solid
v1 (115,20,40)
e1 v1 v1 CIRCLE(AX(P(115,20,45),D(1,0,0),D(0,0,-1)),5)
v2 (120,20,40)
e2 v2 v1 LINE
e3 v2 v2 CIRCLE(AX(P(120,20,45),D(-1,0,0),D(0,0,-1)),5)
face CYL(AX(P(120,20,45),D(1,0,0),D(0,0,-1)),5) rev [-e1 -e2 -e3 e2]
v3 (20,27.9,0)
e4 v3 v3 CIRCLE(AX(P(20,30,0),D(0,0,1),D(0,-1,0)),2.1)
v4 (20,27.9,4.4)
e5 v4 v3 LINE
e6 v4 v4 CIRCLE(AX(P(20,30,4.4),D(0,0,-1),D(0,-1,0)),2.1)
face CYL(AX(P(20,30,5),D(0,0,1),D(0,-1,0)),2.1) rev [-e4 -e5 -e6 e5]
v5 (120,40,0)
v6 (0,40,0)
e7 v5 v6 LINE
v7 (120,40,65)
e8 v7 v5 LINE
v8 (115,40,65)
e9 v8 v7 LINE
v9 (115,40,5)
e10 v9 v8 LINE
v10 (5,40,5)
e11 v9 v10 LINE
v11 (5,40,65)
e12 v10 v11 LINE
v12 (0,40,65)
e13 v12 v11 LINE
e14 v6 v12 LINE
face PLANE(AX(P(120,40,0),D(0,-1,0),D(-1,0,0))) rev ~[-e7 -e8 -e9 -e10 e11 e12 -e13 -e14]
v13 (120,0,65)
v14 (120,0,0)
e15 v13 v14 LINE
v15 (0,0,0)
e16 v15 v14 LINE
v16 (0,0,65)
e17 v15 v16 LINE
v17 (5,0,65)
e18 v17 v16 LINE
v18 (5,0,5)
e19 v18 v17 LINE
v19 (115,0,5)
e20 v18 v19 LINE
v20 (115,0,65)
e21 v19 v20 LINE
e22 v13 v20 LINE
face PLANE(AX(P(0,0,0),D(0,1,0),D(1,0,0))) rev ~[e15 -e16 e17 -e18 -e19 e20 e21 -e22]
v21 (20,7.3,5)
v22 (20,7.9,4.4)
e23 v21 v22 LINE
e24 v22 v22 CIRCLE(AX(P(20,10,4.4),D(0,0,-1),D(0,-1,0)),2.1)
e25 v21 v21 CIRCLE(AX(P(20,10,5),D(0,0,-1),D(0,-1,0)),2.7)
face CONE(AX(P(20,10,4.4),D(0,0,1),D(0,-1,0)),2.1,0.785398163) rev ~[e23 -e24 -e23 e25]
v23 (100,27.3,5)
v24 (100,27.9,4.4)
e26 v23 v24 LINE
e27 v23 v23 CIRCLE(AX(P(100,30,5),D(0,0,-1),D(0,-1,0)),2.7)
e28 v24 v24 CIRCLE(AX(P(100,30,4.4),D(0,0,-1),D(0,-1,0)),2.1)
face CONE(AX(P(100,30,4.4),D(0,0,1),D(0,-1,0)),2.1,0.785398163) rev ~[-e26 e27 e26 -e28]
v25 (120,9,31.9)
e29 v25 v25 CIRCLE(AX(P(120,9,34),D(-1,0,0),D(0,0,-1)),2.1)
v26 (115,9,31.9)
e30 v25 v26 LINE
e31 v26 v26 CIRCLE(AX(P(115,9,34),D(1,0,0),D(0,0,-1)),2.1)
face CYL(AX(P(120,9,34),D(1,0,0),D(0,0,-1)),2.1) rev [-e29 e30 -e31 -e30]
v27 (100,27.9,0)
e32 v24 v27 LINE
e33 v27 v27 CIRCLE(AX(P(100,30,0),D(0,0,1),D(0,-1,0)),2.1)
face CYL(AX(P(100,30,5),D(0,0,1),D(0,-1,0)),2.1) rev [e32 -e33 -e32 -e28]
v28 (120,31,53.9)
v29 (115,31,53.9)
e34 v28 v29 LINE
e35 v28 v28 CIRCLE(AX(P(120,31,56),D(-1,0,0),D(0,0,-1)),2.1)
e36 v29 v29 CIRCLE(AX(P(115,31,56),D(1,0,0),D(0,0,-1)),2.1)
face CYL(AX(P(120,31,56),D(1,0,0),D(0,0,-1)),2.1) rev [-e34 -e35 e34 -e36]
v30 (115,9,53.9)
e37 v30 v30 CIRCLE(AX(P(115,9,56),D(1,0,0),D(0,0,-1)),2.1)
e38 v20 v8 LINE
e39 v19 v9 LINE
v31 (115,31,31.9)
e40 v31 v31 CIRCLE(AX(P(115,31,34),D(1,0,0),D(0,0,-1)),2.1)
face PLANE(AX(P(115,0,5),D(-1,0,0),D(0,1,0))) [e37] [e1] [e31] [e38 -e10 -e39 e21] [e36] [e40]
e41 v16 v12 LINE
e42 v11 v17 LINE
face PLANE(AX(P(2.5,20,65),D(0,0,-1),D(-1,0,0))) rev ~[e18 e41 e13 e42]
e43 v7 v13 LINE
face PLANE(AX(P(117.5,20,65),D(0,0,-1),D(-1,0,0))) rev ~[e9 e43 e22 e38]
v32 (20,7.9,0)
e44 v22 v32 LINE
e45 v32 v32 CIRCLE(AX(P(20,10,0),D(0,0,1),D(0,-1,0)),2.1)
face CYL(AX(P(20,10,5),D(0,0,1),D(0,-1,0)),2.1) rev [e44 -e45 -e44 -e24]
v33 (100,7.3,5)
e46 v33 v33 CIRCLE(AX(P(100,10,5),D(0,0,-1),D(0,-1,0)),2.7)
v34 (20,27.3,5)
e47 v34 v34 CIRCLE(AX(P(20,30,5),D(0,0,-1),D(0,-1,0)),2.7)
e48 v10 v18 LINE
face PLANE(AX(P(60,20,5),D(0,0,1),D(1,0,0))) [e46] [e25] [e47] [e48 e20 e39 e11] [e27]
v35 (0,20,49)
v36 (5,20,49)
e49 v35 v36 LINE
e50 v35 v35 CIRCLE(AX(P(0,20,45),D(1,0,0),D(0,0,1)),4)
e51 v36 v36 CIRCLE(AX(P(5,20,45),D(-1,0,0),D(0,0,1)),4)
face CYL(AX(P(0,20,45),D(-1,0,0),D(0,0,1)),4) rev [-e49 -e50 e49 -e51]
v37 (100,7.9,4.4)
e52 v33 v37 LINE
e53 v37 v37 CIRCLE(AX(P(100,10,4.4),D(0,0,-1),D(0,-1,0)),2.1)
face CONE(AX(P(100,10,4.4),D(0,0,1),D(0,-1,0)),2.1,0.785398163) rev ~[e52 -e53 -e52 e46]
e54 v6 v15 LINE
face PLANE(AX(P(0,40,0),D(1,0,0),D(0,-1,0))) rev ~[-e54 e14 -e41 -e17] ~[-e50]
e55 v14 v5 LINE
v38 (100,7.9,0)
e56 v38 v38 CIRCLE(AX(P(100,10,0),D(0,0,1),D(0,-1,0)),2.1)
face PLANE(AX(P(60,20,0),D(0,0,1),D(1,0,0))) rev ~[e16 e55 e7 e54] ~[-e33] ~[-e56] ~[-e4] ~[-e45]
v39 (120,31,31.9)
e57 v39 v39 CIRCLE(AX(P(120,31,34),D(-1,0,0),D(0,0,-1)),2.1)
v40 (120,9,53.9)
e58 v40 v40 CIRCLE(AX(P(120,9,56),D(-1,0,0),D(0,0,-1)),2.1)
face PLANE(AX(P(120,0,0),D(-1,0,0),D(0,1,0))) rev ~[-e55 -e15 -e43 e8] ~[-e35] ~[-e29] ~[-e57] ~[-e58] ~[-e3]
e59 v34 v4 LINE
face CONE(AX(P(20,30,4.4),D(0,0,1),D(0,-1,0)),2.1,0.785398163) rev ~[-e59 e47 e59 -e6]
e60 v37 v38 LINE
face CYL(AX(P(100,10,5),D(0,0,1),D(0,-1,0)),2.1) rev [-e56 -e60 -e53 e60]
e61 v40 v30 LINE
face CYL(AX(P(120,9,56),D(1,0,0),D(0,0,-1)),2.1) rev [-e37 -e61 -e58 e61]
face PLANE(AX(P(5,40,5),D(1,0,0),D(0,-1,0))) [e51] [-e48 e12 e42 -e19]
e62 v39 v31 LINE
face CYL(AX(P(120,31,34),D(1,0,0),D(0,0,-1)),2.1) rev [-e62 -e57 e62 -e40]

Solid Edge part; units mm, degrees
sketch "Sketch1" plane through (0, 0, 0) normal (0, 0, 1) x (1, 0, 0)
  line L0 (120, 40) -> (0, 40)
  line L1 (0, 40) -> (0, 0)
  line L2 (0, 0) -> (120, 0)
  line L3 (120, 0) -> (120, 40)
extrude "Protrusion1" add sketch "Sketch1" along normal blind 5
sketch "Sketch2" plane through (60, 20, 5) normal (0, 0, 1) x (1, 0, 0)
  line L0 (55, -20) -> (55, 20)
  line L1 (55, 20) -> (60, 20)
  line L2 (60, 20) -> (60, -20)
  line L3 (60, -20) -> (55, -20)
  line L4 (-55, 20) -> (-55, -20)
  line L5 (-55, -20) -> (-60, -20)
  line L6 (-60, -20) -> (-60, 20)
  line L7 (-60, 20) -> (-55, 20)
  dimension "D1" = 5
extrude "Extrusionsausprägung_2" add sketch "Sketch2" along normal blind 60
hole "Bohrung_1" at (120, 20, 45) direction (-1, 0, 0) diameter 10 end up to next
hole "Hole_2" at (20, 10, 5) direction (0, 0, -1) diameter 4.2 end up to next start chamfer 0.6 start chamfer angle 45
hole "Hole1" at (20, 30, 5) direction (0, 0, -1) diameter 4.2 end up to next start chamfer 0.6 start chamfer angle 45
hole "Hole2" at (100, 30, 5) direction (0, 0, -1) diameter 4.2 end up to next start chamfer 0.6 start chamfer angle 45
hole "Hole3" at (100, 10, 5) direction (0, 0, -1) diameter 4.2 end up to next start chamfer 0.6 start chamfer angle 45
hole "Hole4" at (120, 9, 56) direction (-1, 0, 0) diameter 4.2 end up to next
hole "Hole5" at (120, 9, 34) direction (-1, 0, 0) diameter 4.2 end up to next
hole "Hole6" at (120, 31, 34) direction (-1, 0, 0) diameter 4.2 end up to next
hole "Hole7" at (120, 31, 56) direction (-1, 0, 0) diameter 4.2 end up to next
hole "Hole_10" at (0, 20, 45) direction (1, 0, 0) diameter 8 end up to next
